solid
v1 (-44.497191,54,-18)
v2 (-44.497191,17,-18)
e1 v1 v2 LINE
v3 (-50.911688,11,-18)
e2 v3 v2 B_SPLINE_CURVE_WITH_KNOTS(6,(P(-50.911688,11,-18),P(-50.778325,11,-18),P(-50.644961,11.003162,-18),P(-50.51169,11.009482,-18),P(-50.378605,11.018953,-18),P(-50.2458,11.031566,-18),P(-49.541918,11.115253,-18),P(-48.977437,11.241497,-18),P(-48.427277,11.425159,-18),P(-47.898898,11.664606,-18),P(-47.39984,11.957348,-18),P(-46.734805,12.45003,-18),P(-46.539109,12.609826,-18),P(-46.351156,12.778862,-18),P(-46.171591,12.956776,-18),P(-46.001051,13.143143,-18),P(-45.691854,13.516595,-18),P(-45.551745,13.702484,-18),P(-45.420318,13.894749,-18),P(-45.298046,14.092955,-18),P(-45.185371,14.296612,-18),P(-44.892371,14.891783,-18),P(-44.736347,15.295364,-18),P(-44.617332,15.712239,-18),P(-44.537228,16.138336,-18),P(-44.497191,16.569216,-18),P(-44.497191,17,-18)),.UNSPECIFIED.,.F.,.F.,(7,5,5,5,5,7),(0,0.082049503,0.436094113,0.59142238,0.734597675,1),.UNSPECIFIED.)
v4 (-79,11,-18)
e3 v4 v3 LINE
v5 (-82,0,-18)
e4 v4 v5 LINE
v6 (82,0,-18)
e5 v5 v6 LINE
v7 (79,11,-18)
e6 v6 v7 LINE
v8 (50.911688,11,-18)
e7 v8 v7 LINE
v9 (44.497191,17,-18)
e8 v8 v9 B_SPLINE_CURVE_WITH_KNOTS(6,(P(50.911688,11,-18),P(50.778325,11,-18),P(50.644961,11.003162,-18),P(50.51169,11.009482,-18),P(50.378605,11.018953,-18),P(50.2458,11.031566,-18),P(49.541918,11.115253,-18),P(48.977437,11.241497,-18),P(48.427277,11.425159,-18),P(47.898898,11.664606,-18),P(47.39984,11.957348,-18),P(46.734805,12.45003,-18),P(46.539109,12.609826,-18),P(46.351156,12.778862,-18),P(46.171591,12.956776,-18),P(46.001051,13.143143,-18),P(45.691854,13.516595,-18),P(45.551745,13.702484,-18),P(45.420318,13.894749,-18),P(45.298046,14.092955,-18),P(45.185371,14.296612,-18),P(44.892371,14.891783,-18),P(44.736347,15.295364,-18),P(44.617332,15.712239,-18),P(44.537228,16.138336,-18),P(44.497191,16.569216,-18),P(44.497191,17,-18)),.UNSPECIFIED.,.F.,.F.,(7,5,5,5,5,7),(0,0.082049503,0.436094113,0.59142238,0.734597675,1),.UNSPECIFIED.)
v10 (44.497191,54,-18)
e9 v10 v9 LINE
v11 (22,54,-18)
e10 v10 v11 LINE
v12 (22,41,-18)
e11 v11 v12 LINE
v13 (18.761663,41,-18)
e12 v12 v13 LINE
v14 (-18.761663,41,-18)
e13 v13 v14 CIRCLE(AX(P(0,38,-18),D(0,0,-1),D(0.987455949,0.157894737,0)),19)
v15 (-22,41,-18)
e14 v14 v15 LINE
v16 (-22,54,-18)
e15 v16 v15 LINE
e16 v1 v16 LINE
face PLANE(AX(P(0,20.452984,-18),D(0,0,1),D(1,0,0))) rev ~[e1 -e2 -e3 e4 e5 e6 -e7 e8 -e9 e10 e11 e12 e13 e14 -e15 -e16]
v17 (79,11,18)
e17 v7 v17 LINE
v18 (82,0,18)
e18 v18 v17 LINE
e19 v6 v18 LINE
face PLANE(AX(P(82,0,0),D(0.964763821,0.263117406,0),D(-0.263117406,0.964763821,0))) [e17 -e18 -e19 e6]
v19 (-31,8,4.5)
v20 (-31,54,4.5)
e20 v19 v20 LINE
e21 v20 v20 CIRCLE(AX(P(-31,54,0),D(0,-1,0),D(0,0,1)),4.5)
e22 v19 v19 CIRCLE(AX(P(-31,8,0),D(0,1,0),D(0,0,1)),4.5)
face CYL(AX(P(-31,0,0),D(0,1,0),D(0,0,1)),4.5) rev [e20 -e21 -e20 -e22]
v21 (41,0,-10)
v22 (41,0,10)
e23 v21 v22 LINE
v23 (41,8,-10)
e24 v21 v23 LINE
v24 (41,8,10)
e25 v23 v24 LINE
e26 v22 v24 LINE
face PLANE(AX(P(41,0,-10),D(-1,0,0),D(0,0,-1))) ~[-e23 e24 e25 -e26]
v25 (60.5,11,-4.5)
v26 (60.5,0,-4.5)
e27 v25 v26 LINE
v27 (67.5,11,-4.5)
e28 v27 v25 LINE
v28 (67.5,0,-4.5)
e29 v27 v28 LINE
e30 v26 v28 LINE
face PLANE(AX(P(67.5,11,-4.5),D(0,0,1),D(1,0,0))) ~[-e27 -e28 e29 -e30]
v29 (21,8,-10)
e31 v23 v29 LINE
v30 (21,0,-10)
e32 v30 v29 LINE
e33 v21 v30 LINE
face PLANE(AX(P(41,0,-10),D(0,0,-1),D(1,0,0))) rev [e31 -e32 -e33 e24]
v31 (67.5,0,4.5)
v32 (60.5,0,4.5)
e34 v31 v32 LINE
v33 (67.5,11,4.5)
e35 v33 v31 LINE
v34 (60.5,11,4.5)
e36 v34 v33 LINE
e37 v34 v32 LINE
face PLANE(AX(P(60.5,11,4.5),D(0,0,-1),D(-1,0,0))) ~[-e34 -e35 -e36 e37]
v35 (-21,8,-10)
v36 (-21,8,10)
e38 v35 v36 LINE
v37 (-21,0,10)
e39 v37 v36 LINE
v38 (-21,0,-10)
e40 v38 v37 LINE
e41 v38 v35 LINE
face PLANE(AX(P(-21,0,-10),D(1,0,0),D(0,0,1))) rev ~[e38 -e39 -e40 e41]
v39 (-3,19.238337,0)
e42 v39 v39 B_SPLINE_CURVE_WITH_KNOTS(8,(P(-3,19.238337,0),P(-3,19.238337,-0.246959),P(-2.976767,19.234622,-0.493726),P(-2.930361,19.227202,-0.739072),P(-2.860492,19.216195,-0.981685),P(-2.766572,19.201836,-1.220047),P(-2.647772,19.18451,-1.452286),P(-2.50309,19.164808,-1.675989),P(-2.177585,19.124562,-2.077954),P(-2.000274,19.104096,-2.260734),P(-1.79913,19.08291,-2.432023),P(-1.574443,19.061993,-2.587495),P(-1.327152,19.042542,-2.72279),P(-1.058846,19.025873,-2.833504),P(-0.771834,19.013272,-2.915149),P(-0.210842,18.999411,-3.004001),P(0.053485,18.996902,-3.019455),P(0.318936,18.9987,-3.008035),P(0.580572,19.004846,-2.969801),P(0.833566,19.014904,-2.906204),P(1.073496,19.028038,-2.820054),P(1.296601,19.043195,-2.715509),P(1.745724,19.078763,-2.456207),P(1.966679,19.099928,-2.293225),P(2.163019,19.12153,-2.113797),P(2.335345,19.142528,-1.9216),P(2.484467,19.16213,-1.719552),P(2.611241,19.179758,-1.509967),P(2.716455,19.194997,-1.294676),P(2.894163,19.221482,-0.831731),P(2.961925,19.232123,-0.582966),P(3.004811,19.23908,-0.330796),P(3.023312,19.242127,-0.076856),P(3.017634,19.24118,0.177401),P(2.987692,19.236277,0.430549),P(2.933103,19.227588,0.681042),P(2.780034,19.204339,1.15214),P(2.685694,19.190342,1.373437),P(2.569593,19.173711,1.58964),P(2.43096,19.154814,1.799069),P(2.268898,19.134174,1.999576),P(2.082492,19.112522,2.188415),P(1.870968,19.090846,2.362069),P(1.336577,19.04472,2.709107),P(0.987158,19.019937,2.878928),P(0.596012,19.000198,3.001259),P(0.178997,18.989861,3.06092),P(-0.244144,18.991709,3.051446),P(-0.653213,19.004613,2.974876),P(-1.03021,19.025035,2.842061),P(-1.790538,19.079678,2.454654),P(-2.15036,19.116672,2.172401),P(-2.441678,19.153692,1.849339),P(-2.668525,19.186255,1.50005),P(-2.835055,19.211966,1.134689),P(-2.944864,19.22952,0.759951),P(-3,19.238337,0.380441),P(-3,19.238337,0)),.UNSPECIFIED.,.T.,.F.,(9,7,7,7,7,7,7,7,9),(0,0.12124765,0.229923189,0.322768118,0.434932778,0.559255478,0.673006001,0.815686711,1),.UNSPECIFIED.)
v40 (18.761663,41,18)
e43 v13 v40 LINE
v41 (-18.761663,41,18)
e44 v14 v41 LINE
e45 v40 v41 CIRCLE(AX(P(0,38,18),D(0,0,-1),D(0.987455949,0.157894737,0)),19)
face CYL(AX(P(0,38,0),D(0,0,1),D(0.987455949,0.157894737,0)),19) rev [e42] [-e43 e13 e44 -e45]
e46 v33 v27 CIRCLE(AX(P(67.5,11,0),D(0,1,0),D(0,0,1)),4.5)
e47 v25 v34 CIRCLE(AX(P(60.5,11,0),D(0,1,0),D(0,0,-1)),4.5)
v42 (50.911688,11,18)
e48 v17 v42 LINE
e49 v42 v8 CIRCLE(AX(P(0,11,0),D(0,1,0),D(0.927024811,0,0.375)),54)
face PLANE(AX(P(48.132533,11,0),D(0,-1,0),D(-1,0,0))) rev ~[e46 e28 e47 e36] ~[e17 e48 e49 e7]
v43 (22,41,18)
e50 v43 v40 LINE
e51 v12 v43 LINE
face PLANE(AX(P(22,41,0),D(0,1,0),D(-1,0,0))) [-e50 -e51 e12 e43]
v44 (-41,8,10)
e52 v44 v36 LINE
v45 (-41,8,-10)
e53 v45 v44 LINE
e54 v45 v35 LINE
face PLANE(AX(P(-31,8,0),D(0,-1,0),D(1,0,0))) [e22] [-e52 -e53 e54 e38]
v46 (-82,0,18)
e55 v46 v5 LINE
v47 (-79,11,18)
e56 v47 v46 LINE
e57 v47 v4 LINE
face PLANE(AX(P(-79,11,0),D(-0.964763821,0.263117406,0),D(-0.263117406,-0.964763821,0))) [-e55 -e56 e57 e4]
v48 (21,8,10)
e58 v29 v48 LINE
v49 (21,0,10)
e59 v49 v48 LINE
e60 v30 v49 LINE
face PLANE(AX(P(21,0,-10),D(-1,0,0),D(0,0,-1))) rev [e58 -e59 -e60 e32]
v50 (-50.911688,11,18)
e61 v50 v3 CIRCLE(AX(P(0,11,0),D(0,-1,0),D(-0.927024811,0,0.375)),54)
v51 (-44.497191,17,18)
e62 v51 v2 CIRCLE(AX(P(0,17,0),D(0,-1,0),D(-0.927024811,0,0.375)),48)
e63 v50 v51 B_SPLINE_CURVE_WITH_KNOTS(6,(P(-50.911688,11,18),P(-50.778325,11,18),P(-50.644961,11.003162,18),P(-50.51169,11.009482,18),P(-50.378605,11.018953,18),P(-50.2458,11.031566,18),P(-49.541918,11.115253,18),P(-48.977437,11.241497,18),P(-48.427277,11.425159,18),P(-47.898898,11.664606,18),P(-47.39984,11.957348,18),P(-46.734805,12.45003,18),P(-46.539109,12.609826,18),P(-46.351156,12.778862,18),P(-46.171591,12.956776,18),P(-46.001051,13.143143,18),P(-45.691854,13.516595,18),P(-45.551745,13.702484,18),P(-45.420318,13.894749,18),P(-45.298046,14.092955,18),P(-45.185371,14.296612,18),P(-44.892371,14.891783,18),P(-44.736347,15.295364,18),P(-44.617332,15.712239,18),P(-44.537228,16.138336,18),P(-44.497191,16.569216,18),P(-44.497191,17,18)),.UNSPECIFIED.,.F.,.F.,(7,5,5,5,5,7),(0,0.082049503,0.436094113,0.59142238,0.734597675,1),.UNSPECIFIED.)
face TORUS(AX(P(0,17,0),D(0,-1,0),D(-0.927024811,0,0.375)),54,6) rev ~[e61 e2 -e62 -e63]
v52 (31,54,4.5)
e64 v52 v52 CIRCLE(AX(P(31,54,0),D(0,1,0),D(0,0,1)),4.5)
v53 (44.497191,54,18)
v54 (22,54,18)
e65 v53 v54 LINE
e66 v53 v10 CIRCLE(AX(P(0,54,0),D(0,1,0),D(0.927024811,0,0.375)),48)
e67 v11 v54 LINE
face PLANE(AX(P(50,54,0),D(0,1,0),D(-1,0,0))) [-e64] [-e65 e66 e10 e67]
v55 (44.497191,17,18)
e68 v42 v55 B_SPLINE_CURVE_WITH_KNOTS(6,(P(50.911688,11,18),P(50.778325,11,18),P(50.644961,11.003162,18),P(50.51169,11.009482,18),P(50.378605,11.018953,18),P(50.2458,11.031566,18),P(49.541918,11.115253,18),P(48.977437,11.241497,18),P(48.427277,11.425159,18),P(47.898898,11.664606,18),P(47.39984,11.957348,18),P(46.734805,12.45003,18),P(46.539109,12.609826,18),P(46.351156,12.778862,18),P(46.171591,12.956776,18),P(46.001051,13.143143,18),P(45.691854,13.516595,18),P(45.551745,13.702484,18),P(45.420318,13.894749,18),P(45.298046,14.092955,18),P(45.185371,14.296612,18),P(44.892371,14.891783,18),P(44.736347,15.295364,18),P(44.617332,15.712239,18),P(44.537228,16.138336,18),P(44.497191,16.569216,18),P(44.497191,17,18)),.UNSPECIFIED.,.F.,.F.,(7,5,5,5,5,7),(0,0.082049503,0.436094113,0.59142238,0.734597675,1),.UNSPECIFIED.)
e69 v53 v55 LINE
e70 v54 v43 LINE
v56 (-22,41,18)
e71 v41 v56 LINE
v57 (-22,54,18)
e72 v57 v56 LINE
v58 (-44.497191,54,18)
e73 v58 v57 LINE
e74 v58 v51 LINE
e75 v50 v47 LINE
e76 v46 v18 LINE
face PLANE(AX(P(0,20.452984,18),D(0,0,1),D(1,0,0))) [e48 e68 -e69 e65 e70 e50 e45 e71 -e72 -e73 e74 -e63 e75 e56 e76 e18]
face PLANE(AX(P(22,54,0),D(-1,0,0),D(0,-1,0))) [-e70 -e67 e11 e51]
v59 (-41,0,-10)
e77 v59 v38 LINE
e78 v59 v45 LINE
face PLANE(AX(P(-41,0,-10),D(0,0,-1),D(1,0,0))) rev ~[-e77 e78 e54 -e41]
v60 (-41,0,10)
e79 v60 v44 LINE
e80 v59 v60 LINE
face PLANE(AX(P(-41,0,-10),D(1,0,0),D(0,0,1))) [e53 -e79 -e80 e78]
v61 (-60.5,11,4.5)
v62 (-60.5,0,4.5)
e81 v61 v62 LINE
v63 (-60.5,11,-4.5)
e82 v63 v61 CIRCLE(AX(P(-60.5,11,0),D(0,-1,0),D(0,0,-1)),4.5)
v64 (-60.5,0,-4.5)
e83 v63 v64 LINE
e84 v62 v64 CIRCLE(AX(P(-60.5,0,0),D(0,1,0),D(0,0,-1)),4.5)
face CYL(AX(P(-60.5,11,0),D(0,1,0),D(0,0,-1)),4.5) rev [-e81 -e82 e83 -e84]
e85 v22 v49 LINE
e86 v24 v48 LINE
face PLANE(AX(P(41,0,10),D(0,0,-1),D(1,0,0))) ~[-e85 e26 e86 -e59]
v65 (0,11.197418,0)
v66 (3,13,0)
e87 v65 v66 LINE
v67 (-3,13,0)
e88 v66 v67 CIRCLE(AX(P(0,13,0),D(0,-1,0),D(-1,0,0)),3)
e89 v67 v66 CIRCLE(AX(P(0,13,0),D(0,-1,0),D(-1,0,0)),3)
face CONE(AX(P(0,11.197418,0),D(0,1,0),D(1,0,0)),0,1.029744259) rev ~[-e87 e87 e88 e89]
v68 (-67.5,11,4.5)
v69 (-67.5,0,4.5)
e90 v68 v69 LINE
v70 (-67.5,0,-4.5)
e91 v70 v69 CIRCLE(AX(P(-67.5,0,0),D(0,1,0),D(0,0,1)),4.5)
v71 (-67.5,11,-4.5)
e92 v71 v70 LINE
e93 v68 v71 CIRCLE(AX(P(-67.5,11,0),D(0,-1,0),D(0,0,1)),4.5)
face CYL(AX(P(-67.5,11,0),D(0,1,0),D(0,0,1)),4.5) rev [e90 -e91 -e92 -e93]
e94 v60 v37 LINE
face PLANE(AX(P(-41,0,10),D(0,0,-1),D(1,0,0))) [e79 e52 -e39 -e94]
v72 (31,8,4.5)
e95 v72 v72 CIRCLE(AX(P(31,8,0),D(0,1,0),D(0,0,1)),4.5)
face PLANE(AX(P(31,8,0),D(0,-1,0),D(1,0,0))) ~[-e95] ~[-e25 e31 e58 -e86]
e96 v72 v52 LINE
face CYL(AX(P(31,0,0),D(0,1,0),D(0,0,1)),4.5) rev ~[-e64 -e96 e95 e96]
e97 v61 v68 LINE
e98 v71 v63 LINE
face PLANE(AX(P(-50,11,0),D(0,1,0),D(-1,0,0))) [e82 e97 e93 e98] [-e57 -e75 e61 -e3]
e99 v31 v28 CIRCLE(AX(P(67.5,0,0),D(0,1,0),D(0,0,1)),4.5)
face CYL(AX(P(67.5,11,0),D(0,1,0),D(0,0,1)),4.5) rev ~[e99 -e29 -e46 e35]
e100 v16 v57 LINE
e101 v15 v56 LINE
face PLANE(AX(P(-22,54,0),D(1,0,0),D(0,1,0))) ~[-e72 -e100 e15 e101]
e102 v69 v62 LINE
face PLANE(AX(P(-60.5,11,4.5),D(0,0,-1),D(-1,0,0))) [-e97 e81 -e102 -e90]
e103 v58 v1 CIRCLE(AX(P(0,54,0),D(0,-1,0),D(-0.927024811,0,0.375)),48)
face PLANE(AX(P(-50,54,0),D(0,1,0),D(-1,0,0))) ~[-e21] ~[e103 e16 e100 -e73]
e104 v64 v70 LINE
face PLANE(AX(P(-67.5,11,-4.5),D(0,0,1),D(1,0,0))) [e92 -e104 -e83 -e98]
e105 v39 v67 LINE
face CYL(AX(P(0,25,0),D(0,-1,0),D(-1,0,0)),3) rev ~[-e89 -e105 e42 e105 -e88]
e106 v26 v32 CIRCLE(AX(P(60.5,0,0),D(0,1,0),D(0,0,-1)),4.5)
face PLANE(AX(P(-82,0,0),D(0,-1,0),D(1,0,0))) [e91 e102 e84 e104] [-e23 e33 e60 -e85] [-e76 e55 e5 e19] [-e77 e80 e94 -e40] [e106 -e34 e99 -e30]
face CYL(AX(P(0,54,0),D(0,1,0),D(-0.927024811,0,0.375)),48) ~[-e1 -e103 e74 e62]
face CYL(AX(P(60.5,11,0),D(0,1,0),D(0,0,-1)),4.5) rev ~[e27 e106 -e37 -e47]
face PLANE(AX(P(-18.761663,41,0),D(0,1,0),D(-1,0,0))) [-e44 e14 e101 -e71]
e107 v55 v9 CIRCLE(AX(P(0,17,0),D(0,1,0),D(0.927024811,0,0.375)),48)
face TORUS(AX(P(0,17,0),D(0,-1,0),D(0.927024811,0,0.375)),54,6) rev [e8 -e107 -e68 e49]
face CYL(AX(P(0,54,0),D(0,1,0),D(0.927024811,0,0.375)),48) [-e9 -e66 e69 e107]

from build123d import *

# Parameters (mm, degrees)
BOSS_EXTRUDE1_DEPTH                 = 18
SKETCH2_W                           = 28
SKETCH2_H                           = 36
CUT_EXTRUDE1_DEPTH                  = 43
CUT_EXTRUDE2_DEPTH                  = 43
SKETCH4_W                           = 20
SKETCH4_H                           = 20
CUT_EXTRUDE3_DEPTH                  = 8
FILLET1_R                           = 6
CUT_EXTRUDE4_DEPTH                  = 12.0000001
F_6_0MM_DOWEL_HOLE3_D               = 6
F_6_0MM_DOWEL_HOLE3_DEPTH           = 6
F_6_0MM_DOWEL_HOLE3_TIP             = 1.802581857
F_6_0MM_DOWEL_HOLE3_ON_FACE_2_D     = 6
F_6_0MM_DOWEL_HOLE3_ON_FACE_2_DEPTH = 6
F_6_0MM_DOWEL_HOLE3_ON_FACE_2_TIP   = 1.802581857


with BuildPart() as part:
    # Sketch1 → Boss-Extrude1 (new body, symmetric)
    with BuildSketch(Plane.XY):
        with BuildLine():
            Line((-82, 0), (82, 0))
            Line((82, 0), (79, 11))
            Line((79, 11), (50, 11))
            Line((50, 11), (50, 54))
            Line((50, 54), (22, 54))
            Line((22, 54), (22, 41))
            Line((22, 41), (18.761663039, 41))
            ThreePointArc((18.761663039, 41), (0, 19), (-18.761663039, 41))
            Line((-18.761663039, 41), (-22, 41))
            Line((-22, 41), (-22, 54))
            Line((-22, 54), (-50, 54))
            Line((-50, 54), (-50, 11))
            Line((-50, 11), (-79, 11))
            Line((-79, 11), (-82, 0))
        make_face()
    boss_extrude1 = extrude(amount=BOSS_EXTRUDE1_DEPTH, both=True)

    # Sketch2 → Cut-Extrude1 (cut)
    with BuildSketch(Plane(origin=(0, 54, 0), x_dir=(1, 0, 0), z_dir=(0, 1, 0))):
        with Locations((-36, 0)):
            Rectangle(SKETCH2_W, SKETCH2_H)
    extrude(amount=-CUT_EXTRUDE1_DEPTH, mode=Mode.SUBTRACT)

    # Mirror1: Boss-Extrude1 across plane
    add(boss_extrude1.mirror(Plane(origin=(0, 0, 0), x_dir=(0, 0, 1), z_dir=(1, 0, 0))))

    # Sketch3 → Cut-Extrude2 (cut)
    with BuildSketch(Plane(origin=(0, 54, 0), x_dir=(1, 0, 0), z_dir=(0, 1, 0))):
        with BuildLine():
            Line((44.497190923, 18), (50, 18))
            Line((50, 18), (50, -18))
            Line((50, -18), (44.497190923, -18))
            ThreePointArc((44.497190923, -18), (48, 0), (44.497190923, 18))
        make_face()
    cut_extrude2 = extrude(amount=-CUT_EXTRUDE2_DEPTH, mode=Mode.SUBTRACT)

    # Mirror2: Cut-Extrude2 across plane
    add(cut_extrude2.mirror(Plane(origin=(0, 0, 0), x_dir=(0, 0, 1), z_dir=(1, 0, 0))), mode=Mode.SUBTRACT)

    # Sketch4 → Cut-Extrude3 (cut)
    with BuildSketch(Plane.XZ):
        with Locations((-31, 0)):
            Rectangle(SKETCH4_W, SKETCH4_H)
    cut_extrude3 = extrude(amount=-CUT_EXTRUDE3_DEPTH, mode=Mode.SUBTRACT)

    # Mirror3: Cut-Extrude3 across plane
    add(cut_extrude3.mirror(Plane(origin=(0, 0, 0), x_dir=(0, 0, 1), z_dir=(1, 0, 0))), mode=Mode.SUBTRACT)

    # Fillet1
    fillet1_edges = [part.edges().sort_by_distance(p)[0] for p in [
        (-48, 11, 0),
        (48, 11, 0),
    ]]
    fillet(fillet1_edges, radius=FILLET1_R)

    # Sketch10 → Ø6.0mm Dowel Hole2 (revolve, cut)
    with BuildSketch(Plane(origin=(-31, 54, 0), x_dir=(0, 0, 1), z_dir=(1, 0, 0))):
        Polygon((0, 0), (0, 56.703872786), (4.5, 54), (4.5, 0), align=None)
    f_6_0mm_dowel_hole2 = revolve(axis=Axis((-31, 60.35, 0), (0, -1, 0)), mode=Mode.SUBTRACT)

    # Mirror4: Ø6.0mm Dowel Hole2 across plane
    add(f_6_0mm_dowel_hole2.mirror(Plane(origin=(0, 0, 0), x_dir=(0, 0, 1), z_dir=(1, 0, 0))), mode=Mode.SUBTRACT)

    # Sketch18 → Cut-Extrude4 (cut, through all)
    with BuildSketch(Plane(origin=(0, 11, 0), x_dir=(1, 0, 0), z_dir=(0, 1, 0))):
        with BuildLine():
            Line((-67.5, 4.5), (-60.5, 4.5))
            ThreePointArc((-60.5, 4.5), (-56, 0), (-60.5, -4.5))
            Line((-60.5, -4.5), (-67.5, -4.5))
            ThreePointArc((-67.5, -4.5), (-72, 0), (-67.5, 4.5))
        make_face()
    cut_extrude4 = extrude(amount=-CUT_EXTRUDE4_DEPTH, mode=Mode.SUBTRACT)

    # Mirror5: Cut-Extrude4 across plane
    add(cut_extrude4.mirror(Plane(origin=(0, 0, 0), x_dir=(0, 0, 1), z_dir=(1, 0, 0))), mode=Mode.SUBTRACT)

    # Ø6.0mm Dowel Hole3
    with Locations(Plane(origin=(0, 19, 0), x_dir=(1, 0, 0), z_dir=(0, 1, 0))):
        with Locations((0, 0)):
            Hole(F_6_0MM_DOWEL_HOLE3_D / 2, depth=F_6_0MM_DOWEL_HOLE3_DEPTH)
            with Locations((0, 0, -(F_6_0MM_DOWEL_HOLE3_DEPTH + F_6_0MM_DOWEL_HOLE3_TIP / 2))):  # 118° drill point
                Cone(0, F_6_0MM_DOWEL_HOLE3_D / 2, F_6_0MM_DOWEL_HOLE3_TIP, mode=Mode.SUBTRACT)

    # Ø6.0mm Dowel Hole3 on face 2
    with Locations(Plane(origin=(-148.466540519, 0, -78.953744881), x_dir=(1, 0, 0), z_dir=(0, 1, 0))):
        with Locations((0, 0)):
            Hole(F_6_0MM_DOWEL_HOLE3_ON_FACE_2_D / 2, depth=F_6_0MM_DOWEL_HOLE3_ON_FACE_2_DEPTH)
            with Locations((0, 0, -(F_6_0MM_DOWEL_HOLE3_ON_FACE_2_DEPTH + F_6_0MM_DOWEL_HOLE3_ON_FACE_2_TIP / 2))):  # 118° drill point
                Cone(0, F_6_0MM_DOWEL_HOLE3_ON_FACE_2_D / 2, F_6_0MM_DOWEL_HOLE3_ON_FACE_2_TIP, mode=Mode.SUBTRACT)


solid = part.part
